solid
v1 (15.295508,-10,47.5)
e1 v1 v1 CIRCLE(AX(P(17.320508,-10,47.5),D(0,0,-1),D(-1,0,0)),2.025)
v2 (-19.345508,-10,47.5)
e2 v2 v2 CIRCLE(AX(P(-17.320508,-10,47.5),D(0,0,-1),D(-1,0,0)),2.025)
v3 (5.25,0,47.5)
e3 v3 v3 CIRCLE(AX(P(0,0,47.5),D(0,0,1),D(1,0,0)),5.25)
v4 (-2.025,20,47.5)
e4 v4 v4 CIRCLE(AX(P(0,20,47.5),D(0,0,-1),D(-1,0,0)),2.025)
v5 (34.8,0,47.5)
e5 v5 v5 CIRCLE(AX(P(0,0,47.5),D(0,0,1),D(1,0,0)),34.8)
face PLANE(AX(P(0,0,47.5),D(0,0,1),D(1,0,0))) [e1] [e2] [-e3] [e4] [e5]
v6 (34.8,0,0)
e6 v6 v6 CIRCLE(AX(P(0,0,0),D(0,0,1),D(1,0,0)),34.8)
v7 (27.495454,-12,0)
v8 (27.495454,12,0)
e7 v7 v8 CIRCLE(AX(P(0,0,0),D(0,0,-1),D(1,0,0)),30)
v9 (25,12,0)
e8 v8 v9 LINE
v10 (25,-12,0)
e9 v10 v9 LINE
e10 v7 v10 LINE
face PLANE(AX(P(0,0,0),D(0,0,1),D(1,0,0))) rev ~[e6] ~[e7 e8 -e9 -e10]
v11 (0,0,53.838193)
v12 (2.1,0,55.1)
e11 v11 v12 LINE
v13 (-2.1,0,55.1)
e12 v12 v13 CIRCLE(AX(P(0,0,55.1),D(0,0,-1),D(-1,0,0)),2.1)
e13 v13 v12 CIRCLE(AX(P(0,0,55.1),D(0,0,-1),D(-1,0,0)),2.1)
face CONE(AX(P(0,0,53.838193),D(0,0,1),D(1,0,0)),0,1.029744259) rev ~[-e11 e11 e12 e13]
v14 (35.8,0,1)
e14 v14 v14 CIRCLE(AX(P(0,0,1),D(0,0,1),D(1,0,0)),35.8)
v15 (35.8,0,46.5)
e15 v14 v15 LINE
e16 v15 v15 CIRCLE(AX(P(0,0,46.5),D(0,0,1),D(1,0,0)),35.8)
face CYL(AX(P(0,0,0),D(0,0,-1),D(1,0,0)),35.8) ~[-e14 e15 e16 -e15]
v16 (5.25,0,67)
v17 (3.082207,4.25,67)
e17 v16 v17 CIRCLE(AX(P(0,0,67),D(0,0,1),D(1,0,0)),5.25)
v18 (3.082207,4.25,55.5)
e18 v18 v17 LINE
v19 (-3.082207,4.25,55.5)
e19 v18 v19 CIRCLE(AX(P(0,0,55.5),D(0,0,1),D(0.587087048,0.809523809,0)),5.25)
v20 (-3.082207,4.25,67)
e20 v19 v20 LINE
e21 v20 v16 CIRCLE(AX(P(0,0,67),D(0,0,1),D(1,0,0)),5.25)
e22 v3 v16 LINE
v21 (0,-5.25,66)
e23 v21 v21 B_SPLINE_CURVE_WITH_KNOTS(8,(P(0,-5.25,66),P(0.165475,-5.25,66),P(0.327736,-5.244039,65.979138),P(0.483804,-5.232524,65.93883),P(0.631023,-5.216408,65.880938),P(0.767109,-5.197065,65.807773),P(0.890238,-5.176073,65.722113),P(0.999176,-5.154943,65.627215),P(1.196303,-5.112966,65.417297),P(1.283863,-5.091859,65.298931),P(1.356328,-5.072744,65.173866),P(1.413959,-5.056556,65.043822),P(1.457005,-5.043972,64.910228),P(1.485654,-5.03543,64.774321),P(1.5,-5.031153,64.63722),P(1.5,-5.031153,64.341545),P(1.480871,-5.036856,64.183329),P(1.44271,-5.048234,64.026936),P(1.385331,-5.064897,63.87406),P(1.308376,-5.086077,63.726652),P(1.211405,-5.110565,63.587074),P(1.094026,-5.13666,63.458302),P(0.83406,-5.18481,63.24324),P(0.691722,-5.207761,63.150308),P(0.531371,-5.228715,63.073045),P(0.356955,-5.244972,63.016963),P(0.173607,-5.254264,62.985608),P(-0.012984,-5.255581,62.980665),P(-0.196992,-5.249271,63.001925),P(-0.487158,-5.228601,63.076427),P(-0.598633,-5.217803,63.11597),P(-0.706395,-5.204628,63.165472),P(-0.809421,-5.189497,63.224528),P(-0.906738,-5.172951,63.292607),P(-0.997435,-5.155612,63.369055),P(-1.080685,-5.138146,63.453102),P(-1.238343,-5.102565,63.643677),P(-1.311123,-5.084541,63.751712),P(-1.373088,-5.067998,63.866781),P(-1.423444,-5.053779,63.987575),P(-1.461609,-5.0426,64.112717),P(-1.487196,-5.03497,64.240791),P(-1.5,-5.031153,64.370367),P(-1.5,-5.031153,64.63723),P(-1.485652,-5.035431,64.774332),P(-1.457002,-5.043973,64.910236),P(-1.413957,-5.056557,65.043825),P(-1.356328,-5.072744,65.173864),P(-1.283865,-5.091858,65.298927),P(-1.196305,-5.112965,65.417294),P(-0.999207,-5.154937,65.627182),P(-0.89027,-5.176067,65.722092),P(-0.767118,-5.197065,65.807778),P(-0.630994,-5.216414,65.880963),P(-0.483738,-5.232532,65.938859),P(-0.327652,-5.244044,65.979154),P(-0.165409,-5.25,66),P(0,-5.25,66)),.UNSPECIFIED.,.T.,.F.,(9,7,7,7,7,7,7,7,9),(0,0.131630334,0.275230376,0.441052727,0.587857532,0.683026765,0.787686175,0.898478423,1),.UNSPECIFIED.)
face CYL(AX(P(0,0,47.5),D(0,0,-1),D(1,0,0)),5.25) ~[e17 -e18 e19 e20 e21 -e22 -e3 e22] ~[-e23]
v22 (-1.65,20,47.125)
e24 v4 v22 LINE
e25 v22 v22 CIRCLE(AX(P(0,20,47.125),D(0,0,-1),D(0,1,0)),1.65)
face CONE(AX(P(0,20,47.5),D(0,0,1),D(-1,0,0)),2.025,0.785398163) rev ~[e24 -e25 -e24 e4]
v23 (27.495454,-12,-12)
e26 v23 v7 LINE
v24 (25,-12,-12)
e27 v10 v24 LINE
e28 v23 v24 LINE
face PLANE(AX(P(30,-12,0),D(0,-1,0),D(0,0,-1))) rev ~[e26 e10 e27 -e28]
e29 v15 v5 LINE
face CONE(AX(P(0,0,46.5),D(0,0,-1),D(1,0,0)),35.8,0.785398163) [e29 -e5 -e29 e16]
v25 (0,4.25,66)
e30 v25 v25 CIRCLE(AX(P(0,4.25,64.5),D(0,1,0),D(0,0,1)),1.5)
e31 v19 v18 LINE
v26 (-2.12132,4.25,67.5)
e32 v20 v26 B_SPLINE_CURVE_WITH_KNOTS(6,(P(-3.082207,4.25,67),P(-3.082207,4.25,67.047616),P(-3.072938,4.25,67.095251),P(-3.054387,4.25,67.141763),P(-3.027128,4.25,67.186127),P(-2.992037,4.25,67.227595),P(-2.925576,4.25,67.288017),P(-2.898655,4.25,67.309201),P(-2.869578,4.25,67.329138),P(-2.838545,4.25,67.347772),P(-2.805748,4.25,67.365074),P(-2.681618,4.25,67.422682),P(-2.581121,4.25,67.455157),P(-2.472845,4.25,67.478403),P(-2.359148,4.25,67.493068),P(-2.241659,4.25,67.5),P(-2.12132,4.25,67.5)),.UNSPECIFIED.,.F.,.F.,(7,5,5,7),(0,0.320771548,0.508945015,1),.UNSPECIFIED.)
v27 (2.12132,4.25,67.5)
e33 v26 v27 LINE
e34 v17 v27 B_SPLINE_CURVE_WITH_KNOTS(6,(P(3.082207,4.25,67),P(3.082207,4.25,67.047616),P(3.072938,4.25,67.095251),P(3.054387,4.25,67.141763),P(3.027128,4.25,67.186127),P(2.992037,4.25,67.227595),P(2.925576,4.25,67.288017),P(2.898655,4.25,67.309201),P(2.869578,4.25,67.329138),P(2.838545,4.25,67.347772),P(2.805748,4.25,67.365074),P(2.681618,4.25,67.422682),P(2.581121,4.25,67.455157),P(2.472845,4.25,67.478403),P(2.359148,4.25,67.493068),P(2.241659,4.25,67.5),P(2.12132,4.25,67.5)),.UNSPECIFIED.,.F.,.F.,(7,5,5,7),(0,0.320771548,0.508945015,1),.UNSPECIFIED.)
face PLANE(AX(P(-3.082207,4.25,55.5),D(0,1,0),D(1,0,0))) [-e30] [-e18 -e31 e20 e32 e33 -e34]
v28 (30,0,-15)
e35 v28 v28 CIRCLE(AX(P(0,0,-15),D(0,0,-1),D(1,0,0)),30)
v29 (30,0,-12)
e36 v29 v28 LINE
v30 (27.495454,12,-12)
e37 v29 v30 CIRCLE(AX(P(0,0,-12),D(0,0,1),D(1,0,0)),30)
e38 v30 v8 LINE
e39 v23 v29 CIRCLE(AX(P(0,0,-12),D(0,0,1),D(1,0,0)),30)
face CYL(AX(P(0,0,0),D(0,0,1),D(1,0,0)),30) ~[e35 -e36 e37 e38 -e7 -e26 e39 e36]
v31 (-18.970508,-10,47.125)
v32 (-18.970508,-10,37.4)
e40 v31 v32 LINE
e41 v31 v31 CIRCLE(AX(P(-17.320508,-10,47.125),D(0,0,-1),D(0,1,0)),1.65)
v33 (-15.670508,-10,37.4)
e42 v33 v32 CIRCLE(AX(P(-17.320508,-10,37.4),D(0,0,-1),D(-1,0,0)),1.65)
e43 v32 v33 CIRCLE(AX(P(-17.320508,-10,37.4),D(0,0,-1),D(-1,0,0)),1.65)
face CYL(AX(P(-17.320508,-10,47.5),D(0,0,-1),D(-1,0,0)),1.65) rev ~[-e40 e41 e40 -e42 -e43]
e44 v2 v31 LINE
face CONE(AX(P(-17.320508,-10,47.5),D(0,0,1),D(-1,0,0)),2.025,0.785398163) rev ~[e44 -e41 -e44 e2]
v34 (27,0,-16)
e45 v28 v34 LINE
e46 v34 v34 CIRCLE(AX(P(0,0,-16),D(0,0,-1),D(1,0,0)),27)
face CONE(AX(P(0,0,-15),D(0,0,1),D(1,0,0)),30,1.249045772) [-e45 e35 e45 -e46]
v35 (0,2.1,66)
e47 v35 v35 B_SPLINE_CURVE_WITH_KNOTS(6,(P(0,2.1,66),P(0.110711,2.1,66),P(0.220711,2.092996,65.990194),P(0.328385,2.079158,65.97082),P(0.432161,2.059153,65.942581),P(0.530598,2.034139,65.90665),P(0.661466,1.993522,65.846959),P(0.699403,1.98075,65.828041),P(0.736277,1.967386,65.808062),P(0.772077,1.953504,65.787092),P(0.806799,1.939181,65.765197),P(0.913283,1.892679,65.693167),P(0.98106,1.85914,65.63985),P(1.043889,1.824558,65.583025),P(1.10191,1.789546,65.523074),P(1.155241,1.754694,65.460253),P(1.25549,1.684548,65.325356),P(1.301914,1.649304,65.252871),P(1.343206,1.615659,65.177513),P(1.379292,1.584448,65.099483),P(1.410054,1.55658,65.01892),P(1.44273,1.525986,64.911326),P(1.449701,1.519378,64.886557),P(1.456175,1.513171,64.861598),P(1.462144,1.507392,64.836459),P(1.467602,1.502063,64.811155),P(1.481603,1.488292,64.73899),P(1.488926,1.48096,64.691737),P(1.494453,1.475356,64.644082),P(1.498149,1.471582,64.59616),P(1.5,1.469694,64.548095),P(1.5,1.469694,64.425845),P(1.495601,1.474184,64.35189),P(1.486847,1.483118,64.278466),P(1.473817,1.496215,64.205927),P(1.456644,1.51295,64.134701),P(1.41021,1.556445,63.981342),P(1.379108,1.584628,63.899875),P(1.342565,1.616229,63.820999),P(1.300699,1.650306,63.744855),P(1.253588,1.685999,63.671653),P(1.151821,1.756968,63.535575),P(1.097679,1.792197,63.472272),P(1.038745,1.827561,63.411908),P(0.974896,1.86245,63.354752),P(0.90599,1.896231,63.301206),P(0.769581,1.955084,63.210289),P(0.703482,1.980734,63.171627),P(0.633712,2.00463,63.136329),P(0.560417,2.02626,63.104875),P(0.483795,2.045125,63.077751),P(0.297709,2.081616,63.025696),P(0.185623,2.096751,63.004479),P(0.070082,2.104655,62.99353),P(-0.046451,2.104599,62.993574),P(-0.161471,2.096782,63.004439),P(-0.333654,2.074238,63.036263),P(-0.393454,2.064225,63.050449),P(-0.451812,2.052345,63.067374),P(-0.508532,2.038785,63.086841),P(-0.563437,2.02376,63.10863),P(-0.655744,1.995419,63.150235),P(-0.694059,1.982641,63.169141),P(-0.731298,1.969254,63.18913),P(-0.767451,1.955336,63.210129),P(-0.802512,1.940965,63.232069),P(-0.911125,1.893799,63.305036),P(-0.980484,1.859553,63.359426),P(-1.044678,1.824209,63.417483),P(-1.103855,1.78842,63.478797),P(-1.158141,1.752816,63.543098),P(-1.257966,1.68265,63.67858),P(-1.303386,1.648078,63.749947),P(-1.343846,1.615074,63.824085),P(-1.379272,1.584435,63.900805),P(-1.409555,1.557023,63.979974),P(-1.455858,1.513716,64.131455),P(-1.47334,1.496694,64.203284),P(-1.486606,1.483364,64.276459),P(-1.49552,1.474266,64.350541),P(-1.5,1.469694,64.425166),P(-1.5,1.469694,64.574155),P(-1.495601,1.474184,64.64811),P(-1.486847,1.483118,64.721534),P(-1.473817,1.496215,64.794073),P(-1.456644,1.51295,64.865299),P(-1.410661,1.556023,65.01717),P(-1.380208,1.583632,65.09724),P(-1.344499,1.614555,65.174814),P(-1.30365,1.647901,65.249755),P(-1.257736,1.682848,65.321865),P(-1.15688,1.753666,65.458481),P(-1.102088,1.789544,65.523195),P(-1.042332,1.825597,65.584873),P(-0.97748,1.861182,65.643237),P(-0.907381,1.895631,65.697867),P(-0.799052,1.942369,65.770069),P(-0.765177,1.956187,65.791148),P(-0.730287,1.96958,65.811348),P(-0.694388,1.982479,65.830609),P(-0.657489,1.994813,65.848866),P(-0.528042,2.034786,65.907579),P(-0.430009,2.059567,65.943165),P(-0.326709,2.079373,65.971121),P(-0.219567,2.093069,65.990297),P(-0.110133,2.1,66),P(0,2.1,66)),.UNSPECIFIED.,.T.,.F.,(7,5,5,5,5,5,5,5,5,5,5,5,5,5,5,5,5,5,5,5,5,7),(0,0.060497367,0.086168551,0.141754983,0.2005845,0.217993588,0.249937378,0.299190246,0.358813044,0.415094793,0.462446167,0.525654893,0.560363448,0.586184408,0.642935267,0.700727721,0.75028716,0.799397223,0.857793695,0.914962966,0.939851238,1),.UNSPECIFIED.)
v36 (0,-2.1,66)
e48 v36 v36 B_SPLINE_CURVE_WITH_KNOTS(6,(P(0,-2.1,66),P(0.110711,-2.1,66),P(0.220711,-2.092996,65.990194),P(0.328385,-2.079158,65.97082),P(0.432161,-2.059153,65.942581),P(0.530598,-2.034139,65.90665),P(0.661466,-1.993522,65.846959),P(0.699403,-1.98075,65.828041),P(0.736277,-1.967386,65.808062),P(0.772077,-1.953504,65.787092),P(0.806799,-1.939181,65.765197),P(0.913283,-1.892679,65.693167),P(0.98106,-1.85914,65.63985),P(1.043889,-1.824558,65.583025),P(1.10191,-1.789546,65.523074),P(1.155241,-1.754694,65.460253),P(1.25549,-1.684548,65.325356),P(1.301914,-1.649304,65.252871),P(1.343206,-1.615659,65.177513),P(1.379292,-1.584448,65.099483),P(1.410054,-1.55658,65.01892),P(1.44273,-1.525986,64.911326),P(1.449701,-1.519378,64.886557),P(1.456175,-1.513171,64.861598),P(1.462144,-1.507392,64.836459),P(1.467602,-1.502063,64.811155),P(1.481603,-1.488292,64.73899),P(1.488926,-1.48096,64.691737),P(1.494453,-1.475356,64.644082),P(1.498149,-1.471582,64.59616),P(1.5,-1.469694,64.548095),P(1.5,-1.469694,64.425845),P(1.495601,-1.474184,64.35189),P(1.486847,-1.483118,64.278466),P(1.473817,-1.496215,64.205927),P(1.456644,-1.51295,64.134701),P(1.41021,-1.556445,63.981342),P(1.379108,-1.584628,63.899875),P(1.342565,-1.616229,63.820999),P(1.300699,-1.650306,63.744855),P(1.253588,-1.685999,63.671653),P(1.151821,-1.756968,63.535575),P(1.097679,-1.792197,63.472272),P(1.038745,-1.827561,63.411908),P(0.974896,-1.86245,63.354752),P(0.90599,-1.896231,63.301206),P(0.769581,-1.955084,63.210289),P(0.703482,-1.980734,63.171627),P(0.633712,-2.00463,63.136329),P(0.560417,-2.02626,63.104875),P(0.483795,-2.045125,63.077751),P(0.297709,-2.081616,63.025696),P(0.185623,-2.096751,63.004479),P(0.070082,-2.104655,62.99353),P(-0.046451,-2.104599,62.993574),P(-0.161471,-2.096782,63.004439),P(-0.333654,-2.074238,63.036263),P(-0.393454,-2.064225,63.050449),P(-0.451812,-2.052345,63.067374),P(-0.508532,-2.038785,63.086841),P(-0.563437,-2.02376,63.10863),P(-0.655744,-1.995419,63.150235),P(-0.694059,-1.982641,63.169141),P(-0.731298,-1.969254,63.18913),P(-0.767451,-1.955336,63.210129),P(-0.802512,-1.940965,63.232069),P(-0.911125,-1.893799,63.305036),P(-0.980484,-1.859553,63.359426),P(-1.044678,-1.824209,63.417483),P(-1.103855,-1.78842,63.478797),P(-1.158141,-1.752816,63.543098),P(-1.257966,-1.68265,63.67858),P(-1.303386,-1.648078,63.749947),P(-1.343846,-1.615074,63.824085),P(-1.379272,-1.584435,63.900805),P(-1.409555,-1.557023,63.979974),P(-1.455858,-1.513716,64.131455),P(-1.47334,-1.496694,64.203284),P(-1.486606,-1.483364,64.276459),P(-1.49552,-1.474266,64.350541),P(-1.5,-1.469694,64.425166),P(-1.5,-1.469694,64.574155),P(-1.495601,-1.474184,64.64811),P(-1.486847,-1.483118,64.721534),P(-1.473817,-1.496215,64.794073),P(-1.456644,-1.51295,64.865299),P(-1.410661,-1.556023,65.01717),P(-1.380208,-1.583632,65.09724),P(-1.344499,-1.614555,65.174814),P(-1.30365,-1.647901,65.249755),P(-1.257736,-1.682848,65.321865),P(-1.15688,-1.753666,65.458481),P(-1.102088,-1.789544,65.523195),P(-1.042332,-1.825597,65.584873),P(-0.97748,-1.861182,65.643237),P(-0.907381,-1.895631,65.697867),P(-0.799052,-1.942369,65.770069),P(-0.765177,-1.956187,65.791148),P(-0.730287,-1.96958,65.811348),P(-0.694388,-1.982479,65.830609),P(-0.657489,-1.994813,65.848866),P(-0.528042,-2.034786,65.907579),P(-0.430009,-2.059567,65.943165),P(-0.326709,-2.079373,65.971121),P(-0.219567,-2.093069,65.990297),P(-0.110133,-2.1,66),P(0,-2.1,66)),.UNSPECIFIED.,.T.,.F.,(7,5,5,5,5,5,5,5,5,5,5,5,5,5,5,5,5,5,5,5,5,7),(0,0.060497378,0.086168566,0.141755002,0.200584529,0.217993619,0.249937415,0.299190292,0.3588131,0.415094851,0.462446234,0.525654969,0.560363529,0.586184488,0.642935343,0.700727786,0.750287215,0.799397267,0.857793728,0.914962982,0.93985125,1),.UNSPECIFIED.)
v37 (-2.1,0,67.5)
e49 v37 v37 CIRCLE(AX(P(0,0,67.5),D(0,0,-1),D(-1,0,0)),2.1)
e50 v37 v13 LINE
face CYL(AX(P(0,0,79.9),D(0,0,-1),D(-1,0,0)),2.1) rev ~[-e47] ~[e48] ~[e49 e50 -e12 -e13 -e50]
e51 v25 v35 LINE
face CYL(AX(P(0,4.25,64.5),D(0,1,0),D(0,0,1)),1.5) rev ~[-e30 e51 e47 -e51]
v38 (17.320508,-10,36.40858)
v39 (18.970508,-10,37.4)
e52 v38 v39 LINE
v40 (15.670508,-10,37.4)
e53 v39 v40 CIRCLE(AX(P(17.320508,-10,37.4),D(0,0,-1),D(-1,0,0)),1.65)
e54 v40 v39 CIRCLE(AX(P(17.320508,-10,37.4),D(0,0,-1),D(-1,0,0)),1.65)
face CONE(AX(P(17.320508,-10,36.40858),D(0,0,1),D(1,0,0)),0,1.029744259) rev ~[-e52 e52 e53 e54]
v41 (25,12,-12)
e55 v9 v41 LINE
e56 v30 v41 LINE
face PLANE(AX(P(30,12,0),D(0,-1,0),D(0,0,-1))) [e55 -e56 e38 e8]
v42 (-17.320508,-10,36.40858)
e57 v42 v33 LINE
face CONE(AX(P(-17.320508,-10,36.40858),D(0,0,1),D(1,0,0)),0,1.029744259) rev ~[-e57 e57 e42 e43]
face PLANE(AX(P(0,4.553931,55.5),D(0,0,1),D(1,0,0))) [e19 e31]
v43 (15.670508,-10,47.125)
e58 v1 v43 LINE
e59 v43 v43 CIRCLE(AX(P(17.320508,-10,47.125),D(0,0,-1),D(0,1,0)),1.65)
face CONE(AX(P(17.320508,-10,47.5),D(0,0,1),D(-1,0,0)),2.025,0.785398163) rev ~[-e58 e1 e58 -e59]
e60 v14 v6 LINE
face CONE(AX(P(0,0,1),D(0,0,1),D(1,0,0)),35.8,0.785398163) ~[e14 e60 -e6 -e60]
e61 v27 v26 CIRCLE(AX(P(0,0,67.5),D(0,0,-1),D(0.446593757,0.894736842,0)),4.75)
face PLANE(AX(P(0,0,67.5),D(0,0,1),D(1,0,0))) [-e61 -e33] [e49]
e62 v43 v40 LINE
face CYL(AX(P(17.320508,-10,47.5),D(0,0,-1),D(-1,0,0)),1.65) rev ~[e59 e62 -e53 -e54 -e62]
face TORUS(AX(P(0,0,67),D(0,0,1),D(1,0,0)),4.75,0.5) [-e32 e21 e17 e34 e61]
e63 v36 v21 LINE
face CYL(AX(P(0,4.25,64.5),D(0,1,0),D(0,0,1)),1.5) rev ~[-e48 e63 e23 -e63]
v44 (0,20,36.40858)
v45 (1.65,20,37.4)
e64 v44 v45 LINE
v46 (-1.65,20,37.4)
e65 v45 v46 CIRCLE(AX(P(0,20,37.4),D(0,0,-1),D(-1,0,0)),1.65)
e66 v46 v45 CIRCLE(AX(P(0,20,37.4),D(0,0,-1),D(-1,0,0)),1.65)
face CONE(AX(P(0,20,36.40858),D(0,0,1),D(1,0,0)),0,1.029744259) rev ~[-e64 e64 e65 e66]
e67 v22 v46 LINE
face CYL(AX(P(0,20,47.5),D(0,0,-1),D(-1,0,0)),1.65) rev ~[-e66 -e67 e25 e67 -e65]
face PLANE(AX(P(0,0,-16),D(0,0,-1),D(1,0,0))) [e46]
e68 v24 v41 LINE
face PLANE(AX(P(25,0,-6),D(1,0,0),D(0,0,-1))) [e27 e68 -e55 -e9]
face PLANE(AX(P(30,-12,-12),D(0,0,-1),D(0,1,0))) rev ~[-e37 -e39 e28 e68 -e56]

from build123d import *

# Parameters (mm, degrees)
SKETCH_1_R                   = 35.8
EXTRUDE_1_DEPTH              = 47.5
HOLE_WIZARD_M4_1_D           = 3.3
HOLE_WIZARD_M4_1_DEPTH       = 10.1
HOLE_WIZARD_M4_1_CSINK_D     = 4.05
HOLE_WIZARD_M4_1_CSINK_ANGLE = 90
HOLE_WIZARD_M4_1_TIP         = 0.991420021
CHAMFER_1_SIZE               = 1
SKETCH_8_R                   = 30
EXTRUDE_2_DEPTH              = 16
SKETCH_9_R                   = 5.25
EXTRUDE_3_DEPTH              = 20
FILLET_1_R                   = 0.5
HOLE_WIZARD_M5_1_D           = 4.2
HOLE_WIZARD_M5_1_DEPTH       = 12.4
HOLE_WIZARD_M5_1_TIP         = 1.2618073
CUT_EXTRUDE_START            = -12
CUT_EXTRUDE_1_DEPTH          = 12
SKETCH_14_R                  = 1.5
CUT_EXTRUDE_2_DEPTH          = 87.266404315
SKETCH_15_W                  = 12
SKETCH_15_H                  = 24
CUT_EXTRUDE_3_DEPTH          = 5
CHAMFER_2_SIZE               = 1
CHAMFER_2_SIZE2              = 3


with BuildPart() as part:
    # 草图1 → 凸台-拉伸1 (new body)
    with BuildSketch(Plane.XY):
        Circle(SKETCH_1_R)
    extrude(amount=EXTRUDE_1_DEPTH)

    # M4 螺纹孔1
    with Locations(Plane.XY.offset(47.5)):
        with Locations((0, 20), (17.320508076, -10), (-17.320508076, -10)):
            CounterSinkHole(HOLE_WIZARD_M4_1_D / 2, HOLE_WIZARD_M4_1_CSINK_D / 2, depth=HOLE_WIZARD_M4_1_DEPTH, counter_sink_angle=HOLE_WIZARD_M4_1_CSINK_ANGLE)
            with Locations((0, 0, -(HOLE_WIZARD_M4_1_DEPTH + HOLE_WIZARD_M4_1_TIP / 2))):  # 118° drill point
                Cone(0, HOLE_WIZARD_M4_1_D / 2, HOLE_WIZARD_M4_1_TIP, mode=Mode.SUBTRACT)

    # 倒角1
    chamfer_1_edges = [part.edges().sort_by_distance(p)[0] for p in [
        (-35.8, 0, 0),
        (-35.8, 0, 47.5),
    ]]
    chamfer(chamfer_1_edges, length=CHAMFER_1_SIZE)

    # 草图8 → 凸台-拉伸2 (add)
    with BuildSketch(Plane(origin=(0, 0, 0), x_dir=(-1, 0, 0), z_dir=(0, 0, -1))):
        with Locations(Location((0, 0, 0), (0, 0, 180))):
            Circle(SKETCH_8_R)
    extrude(amount=EXTRUDE_2_DEPTH)

    # 草图9 → 凸台-拉伸3 (add)
    with BuildSketch(Plane.XY.offset(47.5)):
        Circle(SKETCH_9_R)
    extrude(amount=EXTRUDE_3_DEPTH)

    # 圆角1
    fillet_1_edges = [part.edges().sort_by_distance(p)[0] for p in [
        (-5.25, 0, 67.5),
    ]]
    fillet(fillet_1_edges, radius=FILLET_1_R)

    # M5 螺纹孔1
    with Locations(Plane.XY.offset(67.5)):
        with Locations((0, 0)):
            Hole(HOLE_WIZARD_M5_1_D / 2, depth=HOLE_WIZARD_M5_1_DEPTH)
            with Locations((0, 0, -(HOLE_WIZARD_M5_1_DEPTH + HOLE_WIZARD_M5_1_TIP / 2))):  # 118° drill point
                Cone(0, HOLE_WIZARD_M5_1_D / 2, HOLE_WIZARD_M5_1_TIP, mode=Mode.SUBTRACT)

    # 草图13 → 切除-拉伸1 (cut)
    with BuildSketch(Plane.XY.offset(67.5).offset(CUT_EXTRUDE_START)):
        with BuildLine():
            Line((-3.082207001, 4.25), (3.082207001, 4.25))
            ThreePointArc((3.082207001, 4.25), (0, 5.25), (-3.082207001, 4.25))
        make_face()
    extrude(amount=CUT_EXTRUDE_1_DEPTH, mode=Mode.SUBTRACT)

    # 草图14 → 切除-拉伸2 (cut, through all)
    with BuildSketch(Plane(origin=(0, 4.25, 0), x_dir=(1, 0, 0), z_dir=(0, 1, 0))):
        with Locations(Location((0, -64.5, 0), (0, 0, 270))):
            Circle(SKETCH_14_R)
    extrude(amount=-CUT_EXTRUDE_2_DEPTH, mode=Mode.SUBTRACT)

    # 草图15 → 切除-拉伸3 (cut)
    with BuildSketch(Plane(origin=(30, 0, 0), x_dir=(0, 0, -1), z_dir=(1, 0, 0))):
        with Locations((6, 0)):
            Rectangle(SKETCH_15_W, SKETCH_15_H)
    extrude(amount=-CUT_EXTRUDE_3_DEPTH, mode=Mode.SUBTRACT)

    # 倒角2
    chamfer_2_edges = [part.edges().sort_by_distance(p)[0] for p in [
        (-30, 0, -16),
    ]]
    chamfer_2_side = [part.faces().sort_by_distance(p)[0] for p in [
        (-30, 0, -8),
    ]]
    chamfer(chamfer_2_edges, length=CHAMFER_2_SIZE, length2=CHAMFER_2_SIZE2, reference=chamfer_2_side[0])


solid = part.part
